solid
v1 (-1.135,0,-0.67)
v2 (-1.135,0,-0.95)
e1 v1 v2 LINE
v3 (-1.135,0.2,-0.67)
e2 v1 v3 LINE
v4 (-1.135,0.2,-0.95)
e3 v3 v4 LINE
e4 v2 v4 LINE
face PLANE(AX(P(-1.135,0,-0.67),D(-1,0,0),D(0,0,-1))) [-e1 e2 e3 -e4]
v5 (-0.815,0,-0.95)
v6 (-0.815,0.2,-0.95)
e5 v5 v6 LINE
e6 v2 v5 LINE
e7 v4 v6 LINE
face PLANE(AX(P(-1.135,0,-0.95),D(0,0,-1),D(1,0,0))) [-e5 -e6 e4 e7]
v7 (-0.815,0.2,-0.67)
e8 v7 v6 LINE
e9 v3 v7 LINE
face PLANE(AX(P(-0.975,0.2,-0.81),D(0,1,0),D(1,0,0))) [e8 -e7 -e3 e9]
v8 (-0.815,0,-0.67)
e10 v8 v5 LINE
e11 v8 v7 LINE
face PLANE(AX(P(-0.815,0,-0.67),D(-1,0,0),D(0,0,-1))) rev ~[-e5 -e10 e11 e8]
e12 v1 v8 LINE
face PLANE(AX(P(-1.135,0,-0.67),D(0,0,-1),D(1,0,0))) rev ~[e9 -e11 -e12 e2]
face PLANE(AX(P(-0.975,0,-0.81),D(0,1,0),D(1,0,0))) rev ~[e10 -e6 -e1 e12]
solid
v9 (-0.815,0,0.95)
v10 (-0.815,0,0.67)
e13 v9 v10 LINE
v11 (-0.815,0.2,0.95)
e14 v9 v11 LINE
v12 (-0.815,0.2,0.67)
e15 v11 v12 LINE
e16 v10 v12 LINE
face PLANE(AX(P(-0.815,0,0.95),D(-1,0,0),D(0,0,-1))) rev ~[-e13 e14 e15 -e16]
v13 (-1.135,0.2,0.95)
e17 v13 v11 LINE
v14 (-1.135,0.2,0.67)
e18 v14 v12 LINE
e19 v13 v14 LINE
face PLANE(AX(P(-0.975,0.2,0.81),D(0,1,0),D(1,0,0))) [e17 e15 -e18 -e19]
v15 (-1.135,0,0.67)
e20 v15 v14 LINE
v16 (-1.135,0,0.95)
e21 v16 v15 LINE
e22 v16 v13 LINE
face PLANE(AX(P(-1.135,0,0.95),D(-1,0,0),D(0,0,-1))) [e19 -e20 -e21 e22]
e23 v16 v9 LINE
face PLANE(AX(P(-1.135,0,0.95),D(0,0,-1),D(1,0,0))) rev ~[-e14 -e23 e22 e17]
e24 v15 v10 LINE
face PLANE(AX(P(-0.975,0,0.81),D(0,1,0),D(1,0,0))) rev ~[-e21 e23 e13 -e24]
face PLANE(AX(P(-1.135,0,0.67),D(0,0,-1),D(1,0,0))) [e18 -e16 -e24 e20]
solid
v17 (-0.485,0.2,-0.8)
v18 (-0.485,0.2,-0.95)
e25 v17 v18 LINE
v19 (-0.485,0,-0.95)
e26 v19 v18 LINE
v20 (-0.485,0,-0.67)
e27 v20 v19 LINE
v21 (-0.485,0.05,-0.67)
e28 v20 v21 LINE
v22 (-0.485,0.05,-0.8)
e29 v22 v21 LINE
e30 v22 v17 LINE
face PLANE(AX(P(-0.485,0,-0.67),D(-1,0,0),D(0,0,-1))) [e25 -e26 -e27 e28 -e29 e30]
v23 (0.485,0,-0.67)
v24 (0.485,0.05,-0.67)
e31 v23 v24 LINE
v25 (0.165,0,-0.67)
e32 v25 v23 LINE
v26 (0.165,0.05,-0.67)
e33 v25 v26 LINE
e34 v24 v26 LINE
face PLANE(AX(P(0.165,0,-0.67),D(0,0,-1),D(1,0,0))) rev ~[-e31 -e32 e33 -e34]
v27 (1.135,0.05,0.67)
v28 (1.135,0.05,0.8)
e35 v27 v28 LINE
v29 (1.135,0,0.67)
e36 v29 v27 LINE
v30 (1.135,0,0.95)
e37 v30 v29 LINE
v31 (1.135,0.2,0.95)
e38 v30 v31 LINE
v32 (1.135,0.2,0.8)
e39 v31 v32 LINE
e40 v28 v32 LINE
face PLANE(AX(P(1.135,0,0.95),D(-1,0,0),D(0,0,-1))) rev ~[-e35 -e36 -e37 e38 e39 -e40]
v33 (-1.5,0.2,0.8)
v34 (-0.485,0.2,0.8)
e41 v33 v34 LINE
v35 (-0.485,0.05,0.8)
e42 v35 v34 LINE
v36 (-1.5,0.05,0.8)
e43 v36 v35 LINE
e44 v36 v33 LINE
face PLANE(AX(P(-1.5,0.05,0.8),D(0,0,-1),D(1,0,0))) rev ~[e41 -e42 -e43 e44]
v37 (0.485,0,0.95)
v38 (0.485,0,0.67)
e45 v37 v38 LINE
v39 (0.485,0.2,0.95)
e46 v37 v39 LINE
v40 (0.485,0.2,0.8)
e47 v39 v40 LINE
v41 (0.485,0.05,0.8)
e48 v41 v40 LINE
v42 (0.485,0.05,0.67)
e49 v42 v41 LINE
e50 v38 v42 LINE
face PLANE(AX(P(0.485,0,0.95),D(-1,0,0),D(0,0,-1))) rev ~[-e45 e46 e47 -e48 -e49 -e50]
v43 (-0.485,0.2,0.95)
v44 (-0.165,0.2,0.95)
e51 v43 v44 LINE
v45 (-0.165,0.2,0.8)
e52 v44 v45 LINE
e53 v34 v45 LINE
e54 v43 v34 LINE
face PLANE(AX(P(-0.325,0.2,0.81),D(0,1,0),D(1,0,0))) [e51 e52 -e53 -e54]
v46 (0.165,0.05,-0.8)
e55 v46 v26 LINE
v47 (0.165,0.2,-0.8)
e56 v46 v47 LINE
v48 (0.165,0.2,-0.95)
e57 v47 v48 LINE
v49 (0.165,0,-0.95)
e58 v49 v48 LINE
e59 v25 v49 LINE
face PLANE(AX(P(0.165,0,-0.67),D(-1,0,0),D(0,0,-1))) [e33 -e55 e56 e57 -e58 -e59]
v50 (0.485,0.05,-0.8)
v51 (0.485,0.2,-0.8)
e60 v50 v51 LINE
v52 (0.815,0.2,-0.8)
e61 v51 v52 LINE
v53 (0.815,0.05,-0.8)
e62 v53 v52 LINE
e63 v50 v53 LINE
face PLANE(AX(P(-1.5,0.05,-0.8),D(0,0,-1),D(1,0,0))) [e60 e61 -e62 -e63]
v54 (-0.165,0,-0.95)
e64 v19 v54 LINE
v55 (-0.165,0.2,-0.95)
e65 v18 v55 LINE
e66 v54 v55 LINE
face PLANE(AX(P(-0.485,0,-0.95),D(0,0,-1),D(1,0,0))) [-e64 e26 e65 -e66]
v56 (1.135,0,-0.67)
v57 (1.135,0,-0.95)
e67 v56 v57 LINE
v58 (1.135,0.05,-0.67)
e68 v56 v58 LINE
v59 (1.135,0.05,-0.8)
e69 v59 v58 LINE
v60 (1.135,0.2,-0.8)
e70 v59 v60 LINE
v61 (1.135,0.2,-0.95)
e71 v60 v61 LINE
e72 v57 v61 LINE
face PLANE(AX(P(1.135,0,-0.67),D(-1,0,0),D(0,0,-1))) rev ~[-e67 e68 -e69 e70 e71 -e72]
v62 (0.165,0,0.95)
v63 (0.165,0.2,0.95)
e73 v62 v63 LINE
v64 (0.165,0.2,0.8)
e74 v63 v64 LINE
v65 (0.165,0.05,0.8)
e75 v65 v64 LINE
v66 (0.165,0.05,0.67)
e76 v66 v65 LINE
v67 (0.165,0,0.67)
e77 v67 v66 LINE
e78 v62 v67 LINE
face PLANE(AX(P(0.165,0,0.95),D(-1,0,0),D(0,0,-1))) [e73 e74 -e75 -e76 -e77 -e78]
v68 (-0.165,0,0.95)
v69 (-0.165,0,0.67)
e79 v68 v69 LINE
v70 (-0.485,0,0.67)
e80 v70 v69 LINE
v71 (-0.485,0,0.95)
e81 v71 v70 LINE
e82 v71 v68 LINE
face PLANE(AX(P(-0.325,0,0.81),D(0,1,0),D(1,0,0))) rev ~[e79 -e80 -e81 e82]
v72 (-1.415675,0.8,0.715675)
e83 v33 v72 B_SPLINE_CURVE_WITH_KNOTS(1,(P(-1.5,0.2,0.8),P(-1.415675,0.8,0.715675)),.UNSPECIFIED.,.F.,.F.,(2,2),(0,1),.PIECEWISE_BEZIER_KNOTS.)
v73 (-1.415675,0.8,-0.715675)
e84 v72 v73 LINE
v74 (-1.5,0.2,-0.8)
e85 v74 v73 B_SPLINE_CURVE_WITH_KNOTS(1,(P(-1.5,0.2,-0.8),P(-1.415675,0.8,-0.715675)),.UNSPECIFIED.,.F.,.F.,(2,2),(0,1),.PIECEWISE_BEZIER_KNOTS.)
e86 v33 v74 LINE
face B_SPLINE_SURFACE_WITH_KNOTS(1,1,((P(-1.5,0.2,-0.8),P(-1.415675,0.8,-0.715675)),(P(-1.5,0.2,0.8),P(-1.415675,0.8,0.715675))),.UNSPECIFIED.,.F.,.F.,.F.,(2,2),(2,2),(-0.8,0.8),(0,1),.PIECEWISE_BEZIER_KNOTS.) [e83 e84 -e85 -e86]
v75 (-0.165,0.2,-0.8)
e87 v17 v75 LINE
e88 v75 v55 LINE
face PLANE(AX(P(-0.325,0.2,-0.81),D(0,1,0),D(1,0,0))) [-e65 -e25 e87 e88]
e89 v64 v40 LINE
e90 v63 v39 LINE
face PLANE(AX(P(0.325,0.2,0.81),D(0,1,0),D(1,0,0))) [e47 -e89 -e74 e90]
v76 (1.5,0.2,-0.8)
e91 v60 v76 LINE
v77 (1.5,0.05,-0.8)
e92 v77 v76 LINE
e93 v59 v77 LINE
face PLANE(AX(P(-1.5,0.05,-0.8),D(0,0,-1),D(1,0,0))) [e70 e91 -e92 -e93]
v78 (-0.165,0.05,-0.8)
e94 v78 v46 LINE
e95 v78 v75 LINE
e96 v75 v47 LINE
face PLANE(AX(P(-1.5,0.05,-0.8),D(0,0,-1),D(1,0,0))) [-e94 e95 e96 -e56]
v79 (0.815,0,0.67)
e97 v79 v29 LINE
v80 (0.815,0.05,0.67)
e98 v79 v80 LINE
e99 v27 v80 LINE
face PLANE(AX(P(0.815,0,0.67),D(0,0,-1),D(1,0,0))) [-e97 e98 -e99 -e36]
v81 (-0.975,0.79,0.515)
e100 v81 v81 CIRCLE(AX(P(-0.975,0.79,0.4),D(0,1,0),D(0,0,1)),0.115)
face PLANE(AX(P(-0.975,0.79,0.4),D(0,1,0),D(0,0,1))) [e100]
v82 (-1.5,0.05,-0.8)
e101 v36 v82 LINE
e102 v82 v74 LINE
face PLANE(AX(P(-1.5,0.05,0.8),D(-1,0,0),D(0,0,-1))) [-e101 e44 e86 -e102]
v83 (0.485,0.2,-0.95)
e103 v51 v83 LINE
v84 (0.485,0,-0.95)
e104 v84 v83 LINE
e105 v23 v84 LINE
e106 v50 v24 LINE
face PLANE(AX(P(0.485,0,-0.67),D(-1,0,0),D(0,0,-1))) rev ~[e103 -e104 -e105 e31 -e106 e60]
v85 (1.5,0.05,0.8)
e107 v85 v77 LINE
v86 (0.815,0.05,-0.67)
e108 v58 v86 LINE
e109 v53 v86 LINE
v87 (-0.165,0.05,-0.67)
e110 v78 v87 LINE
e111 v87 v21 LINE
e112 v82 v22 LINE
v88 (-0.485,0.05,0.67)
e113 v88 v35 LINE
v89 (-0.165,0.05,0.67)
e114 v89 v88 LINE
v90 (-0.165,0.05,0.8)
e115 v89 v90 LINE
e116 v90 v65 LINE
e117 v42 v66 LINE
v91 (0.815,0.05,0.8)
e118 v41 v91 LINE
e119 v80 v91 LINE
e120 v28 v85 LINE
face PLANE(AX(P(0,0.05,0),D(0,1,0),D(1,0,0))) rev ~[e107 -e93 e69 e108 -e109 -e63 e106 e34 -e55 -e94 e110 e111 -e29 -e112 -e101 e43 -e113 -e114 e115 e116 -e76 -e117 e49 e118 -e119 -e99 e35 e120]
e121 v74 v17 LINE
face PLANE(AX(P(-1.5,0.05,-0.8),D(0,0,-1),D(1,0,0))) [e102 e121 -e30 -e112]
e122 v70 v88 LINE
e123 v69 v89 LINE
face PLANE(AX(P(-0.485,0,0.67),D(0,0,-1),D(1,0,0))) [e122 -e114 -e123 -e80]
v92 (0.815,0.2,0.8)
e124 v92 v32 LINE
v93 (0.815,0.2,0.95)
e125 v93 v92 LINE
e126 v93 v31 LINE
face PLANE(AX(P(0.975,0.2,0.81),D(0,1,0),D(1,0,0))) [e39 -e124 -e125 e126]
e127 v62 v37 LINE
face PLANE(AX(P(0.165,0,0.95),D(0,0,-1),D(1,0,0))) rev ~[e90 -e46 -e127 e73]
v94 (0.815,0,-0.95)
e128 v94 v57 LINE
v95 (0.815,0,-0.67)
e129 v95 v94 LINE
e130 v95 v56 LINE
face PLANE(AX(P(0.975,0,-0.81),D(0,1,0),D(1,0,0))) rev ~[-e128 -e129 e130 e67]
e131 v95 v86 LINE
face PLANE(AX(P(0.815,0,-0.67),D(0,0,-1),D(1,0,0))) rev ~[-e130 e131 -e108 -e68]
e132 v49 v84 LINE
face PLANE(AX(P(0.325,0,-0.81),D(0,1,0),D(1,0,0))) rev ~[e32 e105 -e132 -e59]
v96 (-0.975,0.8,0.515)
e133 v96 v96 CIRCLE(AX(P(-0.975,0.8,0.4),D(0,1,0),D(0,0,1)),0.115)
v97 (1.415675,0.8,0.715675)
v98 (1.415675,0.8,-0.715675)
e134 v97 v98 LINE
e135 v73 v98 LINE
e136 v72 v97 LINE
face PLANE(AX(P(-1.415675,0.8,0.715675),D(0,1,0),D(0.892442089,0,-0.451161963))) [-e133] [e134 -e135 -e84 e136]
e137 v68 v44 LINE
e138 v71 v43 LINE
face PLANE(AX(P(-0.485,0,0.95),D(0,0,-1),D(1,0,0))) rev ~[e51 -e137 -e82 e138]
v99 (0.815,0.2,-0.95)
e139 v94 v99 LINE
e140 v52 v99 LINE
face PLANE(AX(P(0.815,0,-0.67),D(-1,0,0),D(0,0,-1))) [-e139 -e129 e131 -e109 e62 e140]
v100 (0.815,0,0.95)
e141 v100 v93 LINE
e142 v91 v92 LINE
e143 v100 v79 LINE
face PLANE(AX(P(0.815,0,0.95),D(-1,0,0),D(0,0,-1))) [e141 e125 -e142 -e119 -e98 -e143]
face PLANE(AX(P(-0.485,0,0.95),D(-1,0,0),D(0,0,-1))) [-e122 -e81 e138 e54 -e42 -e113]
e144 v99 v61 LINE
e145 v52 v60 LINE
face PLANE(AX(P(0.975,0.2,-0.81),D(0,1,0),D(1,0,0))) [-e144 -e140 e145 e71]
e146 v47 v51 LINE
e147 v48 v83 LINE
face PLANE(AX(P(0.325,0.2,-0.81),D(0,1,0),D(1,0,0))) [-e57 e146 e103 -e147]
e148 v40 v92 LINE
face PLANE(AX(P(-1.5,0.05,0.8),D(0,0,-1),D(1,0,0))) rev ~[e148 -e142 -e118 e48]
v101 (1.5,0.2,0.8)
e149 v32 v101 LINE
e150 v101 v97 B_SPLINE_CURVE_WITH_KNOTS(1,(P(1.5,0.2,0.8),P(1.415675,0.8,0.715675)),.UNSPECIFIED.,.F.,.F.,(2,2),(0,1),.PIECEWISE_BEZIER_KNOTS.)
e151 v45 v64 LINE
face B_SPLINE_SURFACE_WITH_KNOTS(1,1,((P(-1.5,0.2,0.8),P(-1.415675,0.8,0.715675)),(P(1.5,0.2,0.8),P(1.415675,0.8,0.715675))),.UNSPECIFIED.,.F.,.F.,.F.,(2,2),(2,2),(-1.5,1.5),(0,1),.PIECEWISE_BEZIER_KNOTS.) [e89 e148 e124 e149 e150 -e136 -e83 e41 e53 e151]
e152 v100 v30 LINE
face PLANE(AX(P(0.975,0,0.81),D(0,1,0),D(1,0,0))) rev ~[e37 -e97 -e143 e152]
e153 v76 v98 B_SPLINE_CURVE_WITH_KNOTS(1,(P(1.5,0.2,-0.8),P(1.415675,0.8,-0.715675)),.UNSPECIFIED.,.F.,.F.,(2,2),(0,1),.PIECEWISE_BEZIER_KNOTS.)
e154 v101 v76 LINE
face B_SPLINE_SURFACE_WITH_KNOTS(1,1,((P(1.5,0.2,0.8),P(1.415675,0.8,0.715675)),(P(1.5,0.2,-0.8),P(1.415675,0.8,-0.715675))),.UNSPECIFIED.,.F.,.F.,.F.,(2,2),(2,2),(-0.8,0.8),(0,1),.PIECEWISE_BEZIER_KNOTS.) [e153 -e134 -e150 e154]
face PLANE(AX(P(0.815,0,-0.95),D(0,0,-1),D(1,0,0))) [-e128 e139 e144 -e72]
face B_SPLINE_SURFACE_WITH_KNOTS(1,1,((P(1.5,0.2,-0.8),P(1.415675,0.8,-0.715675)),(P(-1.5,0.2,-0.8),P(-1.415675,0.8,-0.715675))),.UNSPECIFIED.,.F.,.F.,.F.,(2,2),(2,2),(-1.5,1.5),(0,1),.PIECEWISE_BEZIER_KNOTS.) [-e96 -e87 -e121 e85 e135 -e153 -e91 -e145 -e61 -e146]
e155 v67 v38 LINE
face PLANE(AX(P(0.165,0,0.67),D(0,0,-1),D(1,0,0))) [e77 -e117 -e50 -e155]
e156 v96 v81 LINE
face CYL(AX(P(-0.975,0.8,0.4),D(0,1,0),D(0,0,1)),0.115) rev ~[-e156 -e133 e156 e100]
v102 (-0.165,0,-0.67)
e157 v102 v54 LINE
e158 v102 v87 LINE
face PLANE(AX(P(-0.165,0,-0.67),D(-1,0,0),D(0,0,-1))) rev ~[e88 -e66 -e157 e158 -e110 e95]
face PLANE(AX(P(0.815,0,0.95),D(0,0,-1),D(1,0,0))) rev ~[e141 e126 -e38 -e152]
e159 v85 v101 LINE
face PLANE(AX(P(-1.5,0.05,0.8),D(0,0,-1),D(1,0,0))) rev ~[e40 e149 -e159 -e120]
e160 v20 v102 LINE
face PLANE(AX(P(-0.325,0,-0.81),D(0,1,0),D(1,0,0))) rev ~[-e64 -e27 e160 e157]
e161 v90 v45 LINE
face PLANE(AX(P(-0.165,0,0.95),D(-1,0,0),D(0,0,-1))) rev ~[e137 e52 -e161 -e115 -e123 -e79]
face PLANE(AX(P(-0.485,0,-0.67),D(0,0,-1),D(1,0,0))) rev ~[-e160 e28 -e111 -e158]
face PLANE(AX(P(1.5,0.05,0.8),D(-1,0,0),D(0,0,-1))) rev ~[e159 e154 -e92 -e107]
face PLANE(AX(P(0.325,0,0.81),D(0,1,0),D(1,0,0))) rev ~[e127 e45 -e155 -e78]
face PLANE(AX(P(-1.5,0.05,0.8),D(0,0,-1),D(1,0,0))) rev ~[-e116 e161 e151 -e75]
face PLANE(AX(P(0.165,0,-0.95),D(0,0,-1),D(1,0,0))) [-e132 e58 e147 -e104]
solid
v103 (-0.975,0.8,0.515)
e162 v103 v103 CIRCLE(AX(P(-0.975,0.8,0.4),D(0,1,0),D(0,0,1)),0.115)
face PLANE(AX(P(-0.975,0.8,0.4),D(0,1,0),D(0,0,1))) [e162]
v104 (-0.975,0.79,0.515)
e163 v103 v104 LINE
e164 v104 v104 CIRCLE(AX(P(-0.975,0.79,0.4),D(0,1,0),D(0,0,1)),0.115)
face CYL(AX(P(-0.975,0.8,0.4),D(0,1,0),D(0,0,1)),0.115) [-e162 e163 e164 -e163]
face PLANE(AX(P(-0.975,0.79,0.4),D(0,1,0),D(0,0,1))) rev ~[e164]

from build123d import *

# Parameters (mm, degrees)
EXTRUDE_START          = 0.05
SKETCH_1_W             = 3
SKETCH_1_H             = 1.6
EXTRUDE_1_DEPTH        = 0.15
EXTRUDE_START_2        = 0.2
SKETCH_2_W             = 3
SKETCH_2_H             = 1.6
EXTRUDE_2_DEPTH        = 0.6
EXTRUDE_2_TAPER        = 8
SKETCH_4_W             = 0.32
SKETCH_4_H             = 0.28
EXTRUDE_3_DEPTH        = 0.2
EXTRUDE_3_2_DEPTH      = 0.2
PATTERN_LINEAR_1_COUNT = 4
PATTERN_LINEAR_1_PITCH = 0.65
SKETCH_5_R             = 0.115
CUT_EXTRUDE_1_DEPTH    = 0.01
SKETCH_5_2_R           = 0.115
EXTRUDE_4_DEPTH        = 0.01


with BuildPart() as part:
    # Эскиз1 → Бобышка-Вытянуть1 (new body)
    with BuildSketch(Plane(origin=(0, 0, 0), x_dir=(1, 0, 0), z_dir=(0, 1, 0)).offset(EXTRUDE_START)):
        Rectangle(SKETCH_1_W, SKETCH_1_H)
    extrude(amount=EXTRUDE_1_DEPTH)

    # Эскиз2 → Бобышка-Вытянуть2 (add)
    with BuildSketch(Plane(origin=(0, 0, 0), x_dir=(1, 0, 0), z_dir=(0, 1, 0)).offset(EXTRUDE_START_2)):
        Rectangle(SKETCH_2_W, SKETCH_2_H)
    extrude(amount=EXTRUDE_2_DEPTH, taper=EXTRUDE_2_TAPER)


with BuildPart() as body_2:
    # Эскиз4 → Бобышка-Вытянуть3 (new body)
    with BuildSketch(Plane(origin=(0, 0, 0), x_dir=(1, 0, 0), z_dir=(0, 1, 0))):
        with Locations((-0.975, -0.81)):
            Rectangle(SKETCH_4_W, SKETCH_4_H)
    extrude_3 = extrude(amount=EXTRUDE_3_DEPTH)


with BuildPart() as body_3:
    # Эскиз4 → Extrude 3 2 (new body)
    with BuildSketch(Plane(origin=(0, 0, 0), x_dir=(1, 0, 0), z_dir=(0, 1, 0))):
        with Locations((-0.975, 0.81)):
            Rectangle(SKETCH_4_W, SKETCH_4_H)
    extrude_3_2 = extrude(amount=EXTRUDE_3_2_DEPTH)


with BuildPart() as part_1:
    add(part.part)

    # Линейный массив1: Бобышка-Вытянуть3, Extrude 3 2 ×4
    with Locations(*[(i * PATTERN_LINEAR_1_PITCH, 0, 0) for i in range(1, PATTERN_LINEAR_1_COUNT)]):
        add(extrude_3)
        add(extrude_3_2)

    # Эскиз5 → Вырез-Вытянуть1 (cut)
    with BuildSketch(Plane(origin=(0, 0.8, 0), x_dir=(1, 0, 0), z_dir=(0, 1, 0))):
        with Locations((-0.975, -0.4)):
            Circle(SKETCH_5_R)
    extrude(amount=-CUT_EXTRUDE_1_DEPTH, mode=Mode.SUBTRACT)


with BuildPart() as body_4:
    # Эскиз5<2> → Бобышка-Вытянуть4 (new body)
    with BuildSketch(Plane(origin=(0, 0.8, 0), x_dir=(1, 0, 0), z_dir=(0, 1, 0))):
        with Locations((-0.975, -0.4)):
            Circle(SKETCH_5_2_R)
    extrude(amount=-EXTRUDE_4_DEPTH)


solid = Compound([body_2.part, body_3.part, part_1.part, body_4.part])
